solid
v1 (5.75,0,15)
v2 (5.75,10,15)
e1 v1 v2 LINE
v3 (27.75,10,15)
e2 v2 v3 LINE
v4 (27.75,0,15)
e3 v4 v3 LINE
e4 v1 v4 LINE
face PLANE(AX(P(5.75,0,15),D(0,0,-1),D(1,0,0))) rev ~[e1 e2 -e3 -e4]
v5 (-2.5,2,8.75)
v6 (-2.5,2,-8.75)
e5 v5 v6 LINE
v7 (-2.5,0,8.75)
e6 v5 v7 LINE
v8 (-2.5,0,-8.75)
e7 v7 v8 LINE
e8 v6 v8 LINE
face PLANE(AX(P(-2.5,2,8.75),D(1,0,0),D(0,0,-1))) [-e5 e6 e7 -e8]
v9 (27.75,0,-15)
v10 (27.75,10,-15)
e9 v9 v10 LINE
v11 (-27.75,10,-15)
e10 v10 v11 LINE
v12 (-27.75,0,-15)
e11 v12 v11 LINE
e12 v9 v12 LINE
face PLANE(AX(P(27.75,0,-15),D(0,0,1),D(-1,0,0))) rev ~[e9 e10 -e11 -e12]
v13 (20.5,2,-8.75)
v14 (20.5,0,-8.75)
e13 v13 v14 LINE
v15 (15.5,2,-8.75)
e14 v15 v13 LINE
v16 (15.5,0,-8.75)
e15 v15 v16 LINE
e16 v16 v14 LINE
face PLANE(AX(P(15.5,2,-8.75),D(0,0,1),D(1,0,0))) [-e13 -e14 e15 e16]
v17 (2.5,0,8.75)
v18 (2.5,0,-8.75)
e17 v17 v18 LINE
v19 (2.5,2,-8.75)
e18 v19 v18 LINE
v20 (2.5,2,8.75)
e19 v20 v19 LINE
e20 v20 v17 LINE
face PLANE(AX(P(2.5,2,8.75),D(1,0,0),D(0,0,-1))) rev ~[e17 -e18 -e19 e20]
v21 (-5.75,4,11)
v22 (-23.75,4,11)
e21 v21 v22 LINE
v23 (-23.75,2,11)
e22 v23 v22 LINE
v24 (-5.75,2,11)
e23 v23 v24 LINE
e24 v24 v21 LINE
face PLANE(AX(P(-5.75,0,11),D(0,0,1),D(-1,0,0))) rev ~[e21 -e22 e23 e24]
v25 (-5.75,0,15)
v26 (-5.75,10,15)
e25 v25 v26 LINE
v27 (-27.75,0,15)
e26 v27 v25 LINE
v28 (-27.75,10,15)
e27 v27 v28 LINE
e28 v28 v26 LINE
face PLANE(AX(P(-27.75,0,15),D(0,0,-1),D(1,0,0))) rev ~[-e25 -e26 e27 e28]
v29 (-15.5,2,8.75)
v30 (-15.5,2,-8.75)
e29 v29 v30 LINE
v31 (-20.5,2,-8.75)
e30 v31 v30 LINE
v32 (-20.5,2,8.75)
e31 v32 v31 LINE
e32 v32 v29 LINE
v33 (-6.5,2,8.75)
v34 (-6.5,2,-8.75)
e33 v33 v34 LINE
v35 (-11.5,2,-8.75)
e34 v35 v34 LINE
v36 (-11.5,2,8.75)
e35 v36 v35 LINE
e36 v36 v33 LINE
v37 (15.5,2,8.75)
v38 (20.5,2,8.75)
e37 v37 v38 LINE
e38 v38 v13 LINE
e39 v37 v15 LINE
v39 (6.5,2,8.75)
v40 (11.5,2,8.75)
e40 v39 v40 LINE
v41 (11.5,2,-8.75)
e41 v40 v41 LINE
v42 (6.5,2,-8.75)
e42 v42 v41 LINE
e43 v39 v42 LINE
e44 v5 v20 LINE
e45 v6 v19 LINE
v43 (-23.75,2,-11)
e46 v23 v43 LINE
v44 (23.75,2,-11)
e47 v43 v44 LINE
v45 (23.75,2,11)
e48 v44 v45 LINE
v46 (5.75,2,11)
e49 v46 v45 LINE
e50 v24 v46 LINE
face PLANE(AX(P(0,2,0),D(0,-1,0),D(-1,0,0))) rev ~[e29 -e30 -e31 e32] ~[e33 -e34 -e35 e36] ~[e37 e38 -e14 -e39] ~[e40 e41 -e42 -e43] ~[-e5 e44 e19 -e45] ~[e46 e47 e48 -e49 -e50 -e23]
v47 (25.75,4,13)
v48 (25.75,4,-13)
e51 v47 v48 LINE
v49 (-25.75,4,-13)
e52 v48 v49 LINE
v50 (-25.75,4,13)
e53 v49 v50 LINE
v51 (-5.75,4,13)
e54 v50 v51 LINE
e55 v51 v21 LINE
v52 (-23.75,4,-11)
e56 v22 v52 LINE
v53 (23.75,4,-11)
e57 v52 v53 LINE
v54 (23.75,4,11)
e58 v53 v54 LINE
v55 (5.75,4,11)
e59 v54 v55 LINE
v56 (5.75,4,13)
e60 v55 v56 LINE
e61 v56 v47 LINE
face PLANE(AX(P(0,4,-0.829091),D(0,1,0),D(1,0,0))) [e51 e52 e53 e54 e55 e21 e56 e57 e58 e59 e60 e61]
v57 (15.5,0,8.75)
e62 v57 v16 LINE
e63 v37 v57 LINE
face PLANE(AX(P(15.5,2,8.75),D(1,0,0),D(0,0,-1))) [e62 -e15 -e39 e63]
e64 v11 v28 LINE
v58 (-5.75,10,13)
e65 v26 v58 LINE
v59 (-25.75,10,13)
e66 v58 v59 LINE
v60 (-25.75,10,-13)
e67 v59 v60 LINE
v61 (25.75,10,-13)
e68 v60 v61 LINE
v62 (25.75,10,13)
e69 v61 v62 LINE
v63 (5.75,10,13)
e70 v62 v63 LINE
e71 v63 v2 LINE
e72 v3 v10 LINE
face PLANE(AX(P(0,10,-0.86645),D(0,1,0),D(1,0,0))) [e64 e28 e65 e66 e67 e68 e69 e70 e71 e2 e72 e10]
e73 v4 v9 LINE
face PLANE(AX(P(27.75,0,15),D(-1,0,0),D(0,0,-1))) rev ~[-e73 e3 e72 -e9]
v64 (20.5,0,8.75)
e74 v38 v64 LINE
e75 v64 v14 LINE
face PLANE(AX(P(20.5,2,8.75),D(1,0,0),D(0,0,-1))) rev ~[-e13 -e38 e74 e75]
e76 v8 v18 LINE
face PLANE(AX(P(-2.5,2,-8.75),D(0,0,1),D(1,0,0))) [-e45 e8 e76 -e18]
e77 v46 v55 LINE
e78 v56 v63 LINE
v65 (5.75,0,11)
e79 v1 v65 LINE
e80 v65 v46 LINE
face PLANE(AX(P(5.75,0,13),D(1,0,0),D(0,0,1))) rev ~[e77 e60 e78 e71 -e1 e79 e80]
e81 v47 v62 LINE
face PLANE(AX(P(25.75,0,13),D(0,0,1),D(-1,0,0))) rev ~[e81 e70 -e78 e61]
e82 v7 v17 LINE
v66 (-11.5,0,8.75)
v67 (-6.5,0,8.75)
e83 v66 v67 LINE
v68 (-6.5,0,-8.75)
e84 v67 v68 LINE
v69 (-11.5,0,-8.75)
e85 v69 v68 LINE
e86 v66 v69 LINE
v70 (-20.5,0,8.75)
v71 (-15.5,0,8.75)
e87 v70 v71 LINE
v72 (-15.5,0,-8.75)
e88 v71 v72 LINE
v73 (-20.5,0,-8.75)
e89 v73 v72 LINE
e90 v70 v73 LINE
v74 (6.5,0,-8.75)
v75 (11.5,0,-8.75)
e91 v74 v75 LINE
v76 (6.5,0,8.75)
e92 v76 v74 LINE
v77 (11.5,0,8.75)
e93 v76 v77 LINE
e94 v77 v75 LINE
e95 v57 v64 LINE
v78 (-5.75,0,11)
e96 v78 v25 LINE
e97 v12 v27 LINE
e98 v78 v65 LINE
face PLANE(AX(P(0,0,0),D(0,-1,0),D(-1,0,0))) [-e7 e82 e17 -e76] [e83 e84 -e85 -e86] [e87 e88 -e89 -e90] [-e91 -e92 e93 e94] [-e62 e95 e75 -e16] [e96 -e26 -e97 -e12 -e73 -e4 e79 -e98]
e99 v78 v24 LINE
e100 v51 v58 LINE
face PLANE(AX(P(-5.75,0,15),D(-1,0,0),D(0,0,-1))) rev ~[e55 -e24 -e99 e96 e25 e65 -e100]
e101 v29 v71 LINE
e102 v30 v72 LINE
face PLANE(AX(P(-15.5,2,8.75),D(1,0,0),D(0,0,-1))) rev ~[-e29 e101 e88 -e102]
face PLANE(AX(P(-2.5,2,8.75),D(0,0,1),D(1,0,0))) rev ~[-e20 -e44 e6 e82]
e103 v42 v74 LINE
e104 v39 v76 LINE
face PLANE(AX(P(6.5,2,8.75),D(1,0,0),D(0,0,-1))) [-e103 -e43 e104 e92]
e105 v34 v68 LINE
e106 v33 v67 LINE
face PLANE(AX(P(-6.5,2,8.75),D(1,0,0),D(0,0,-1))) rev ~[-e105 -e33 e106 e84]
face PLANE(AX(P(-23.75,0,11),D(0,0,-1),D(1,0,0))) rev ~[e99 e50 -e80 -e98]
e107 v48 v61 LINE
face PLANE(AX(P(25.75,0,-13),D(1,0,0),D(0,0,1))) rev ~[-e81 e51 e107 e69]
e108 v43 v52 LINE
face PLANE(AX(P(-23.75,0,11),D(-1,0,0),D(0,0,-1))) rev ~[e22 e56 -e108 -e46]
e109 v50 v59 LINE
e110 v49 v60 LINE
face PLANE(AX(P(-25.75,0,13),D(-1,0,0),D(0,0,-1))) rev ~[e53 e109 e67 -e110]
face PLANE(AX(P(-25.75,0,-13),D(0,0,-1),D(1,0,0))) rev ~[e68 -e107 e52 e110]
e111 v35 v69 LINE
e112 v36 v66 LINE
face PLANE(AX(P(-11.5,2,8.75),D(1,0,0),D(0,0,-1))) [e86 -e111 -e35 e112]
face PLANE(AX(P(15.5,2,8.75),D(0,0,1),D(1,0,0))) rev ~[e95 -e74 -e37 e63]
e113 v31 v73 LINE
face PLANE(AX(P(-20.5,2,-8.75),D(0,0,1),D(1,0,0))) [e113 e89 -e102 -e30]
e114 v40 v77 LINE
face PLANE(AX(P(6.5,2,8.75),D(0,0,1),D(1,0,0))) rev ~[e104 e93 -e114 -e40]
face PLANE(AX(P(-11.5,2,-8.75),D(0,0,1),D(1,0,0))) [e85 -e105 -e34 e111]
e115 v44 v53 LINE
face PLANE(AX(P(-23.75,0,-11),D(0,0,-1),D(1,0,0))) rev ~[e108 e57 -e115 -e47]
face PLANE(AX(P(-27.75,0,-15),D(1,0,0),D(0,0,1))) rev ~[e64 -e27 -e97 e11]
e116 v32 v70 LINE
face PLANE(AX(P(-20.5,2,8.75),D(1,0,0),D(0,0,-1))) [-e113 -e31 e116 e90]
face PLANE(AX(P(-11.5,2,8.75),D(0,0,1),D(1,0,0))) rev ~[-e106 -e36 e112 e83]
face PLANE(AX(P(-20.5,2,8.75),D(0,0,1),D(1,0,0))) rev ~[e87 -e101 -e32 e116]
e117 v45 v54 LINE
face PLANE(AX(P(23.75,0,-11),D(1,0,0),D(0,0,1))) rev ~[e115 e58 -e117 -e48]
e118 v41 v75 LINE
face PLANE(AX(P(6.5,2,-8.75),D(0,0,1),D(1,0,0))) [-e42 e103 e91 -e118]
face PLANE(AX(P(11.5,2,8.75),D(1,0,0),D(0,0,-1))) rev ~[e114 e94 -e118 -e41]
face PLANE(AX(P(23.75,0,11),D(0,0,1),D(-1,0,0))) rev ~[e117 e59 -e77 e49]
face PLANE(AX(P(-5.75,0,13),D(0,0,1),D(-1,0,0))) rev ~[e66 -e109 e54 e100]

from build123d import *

# Parameters (mm, degrees)
BOSS_EXTRUDE1_DEPTH = 4
BOSS_EXTRUDE3_DEPTH = 10
BOSS_EXTRUDE4_DEPTH = 2
SKETCH2_W           = 5
SKETCH2_H           = 17.5
CUT_EXTRUDE2_DEPTH  = 2


with BuildPart() as part:
    # Sketch1 → Boss-Extrude1 (new body)
    with BuildSketch(Plane(origin=(0, 0, 0), x_dir=(1, 0, 0), z_dir=(0, 1, 0))):
        Polygon((5.75, -11), (5.75, -13), (25.75, -13), (25.75, 13), (-25.75, 13), (-25.75, -13), (-5.75, -13), (-5.75, -11), (-23.75, -11), (-23.75, 11), (23.75, 11), (23.75, -11), align=None)
    extrude(amount=BOSS_EXTRUDE1_DEPTH)

    # Sketch1<4> → Boss-Extrude3 (add)
    with BuildSketch(Plane(origin=(0, 0, 0), x_dir=(1, 0, 0), z_dir=(0, 1, 0))):
        Polygon((27.75, -15), (27.75, 15), (-27.75, 15), (-27.75, -15), (-5.75, -15), (-5.75, -13), (-25.75, -13), (-25.75, 13), (25.75, 13), (25.75, -13), (5.75, -13), (5.75, -15), align=None)
    extrude(amount=BOSS_EXTRUDE3_DEPTH)

    # Sketch1<6> → Boss-Extrude4 (add)
    with BuildSketch(Plane(origin=(0, 0, 0), x_dir=(1, 0, 0), z_dir=(0, 1, 0))):
        Polygon((-5.75, -11), (5.75, -11), (23.75, -11), (23.75, 11), (-23.75, 11), (-23.75, -11), align=None)
    extrude(amount=BOSS_EXTRUDE4_DEPTH)

    # Sketch2 → Cut-Extrude2 (cut)
    with BuildSketch(Plane(origin=(0, 2, 0), x_dir=(1, 0, 0), z_dir=(0, 1, 0))):
        with Locations((9, 0)):
            Rectangle(SKETCH2_W, SKETCH2_H)
        Rectangle(SKETCH2_W, SKETCH2_H)
        with Locations((18, 0)):
            Rectangle(SKETCH2_W, SKETCH2_H)
        with Locations((-9, 0)):
            Rectangle(SKETCH2_W, SKETCH2_H)
        with Locations((-18, 0)):
            Rectangle(SKETCH2_W, SKETCH2_H)
    extrude(amount=-CUT_EXTRUDE2_DEPTH, mode=Mode.SUBTRACT)


solid = part.part
